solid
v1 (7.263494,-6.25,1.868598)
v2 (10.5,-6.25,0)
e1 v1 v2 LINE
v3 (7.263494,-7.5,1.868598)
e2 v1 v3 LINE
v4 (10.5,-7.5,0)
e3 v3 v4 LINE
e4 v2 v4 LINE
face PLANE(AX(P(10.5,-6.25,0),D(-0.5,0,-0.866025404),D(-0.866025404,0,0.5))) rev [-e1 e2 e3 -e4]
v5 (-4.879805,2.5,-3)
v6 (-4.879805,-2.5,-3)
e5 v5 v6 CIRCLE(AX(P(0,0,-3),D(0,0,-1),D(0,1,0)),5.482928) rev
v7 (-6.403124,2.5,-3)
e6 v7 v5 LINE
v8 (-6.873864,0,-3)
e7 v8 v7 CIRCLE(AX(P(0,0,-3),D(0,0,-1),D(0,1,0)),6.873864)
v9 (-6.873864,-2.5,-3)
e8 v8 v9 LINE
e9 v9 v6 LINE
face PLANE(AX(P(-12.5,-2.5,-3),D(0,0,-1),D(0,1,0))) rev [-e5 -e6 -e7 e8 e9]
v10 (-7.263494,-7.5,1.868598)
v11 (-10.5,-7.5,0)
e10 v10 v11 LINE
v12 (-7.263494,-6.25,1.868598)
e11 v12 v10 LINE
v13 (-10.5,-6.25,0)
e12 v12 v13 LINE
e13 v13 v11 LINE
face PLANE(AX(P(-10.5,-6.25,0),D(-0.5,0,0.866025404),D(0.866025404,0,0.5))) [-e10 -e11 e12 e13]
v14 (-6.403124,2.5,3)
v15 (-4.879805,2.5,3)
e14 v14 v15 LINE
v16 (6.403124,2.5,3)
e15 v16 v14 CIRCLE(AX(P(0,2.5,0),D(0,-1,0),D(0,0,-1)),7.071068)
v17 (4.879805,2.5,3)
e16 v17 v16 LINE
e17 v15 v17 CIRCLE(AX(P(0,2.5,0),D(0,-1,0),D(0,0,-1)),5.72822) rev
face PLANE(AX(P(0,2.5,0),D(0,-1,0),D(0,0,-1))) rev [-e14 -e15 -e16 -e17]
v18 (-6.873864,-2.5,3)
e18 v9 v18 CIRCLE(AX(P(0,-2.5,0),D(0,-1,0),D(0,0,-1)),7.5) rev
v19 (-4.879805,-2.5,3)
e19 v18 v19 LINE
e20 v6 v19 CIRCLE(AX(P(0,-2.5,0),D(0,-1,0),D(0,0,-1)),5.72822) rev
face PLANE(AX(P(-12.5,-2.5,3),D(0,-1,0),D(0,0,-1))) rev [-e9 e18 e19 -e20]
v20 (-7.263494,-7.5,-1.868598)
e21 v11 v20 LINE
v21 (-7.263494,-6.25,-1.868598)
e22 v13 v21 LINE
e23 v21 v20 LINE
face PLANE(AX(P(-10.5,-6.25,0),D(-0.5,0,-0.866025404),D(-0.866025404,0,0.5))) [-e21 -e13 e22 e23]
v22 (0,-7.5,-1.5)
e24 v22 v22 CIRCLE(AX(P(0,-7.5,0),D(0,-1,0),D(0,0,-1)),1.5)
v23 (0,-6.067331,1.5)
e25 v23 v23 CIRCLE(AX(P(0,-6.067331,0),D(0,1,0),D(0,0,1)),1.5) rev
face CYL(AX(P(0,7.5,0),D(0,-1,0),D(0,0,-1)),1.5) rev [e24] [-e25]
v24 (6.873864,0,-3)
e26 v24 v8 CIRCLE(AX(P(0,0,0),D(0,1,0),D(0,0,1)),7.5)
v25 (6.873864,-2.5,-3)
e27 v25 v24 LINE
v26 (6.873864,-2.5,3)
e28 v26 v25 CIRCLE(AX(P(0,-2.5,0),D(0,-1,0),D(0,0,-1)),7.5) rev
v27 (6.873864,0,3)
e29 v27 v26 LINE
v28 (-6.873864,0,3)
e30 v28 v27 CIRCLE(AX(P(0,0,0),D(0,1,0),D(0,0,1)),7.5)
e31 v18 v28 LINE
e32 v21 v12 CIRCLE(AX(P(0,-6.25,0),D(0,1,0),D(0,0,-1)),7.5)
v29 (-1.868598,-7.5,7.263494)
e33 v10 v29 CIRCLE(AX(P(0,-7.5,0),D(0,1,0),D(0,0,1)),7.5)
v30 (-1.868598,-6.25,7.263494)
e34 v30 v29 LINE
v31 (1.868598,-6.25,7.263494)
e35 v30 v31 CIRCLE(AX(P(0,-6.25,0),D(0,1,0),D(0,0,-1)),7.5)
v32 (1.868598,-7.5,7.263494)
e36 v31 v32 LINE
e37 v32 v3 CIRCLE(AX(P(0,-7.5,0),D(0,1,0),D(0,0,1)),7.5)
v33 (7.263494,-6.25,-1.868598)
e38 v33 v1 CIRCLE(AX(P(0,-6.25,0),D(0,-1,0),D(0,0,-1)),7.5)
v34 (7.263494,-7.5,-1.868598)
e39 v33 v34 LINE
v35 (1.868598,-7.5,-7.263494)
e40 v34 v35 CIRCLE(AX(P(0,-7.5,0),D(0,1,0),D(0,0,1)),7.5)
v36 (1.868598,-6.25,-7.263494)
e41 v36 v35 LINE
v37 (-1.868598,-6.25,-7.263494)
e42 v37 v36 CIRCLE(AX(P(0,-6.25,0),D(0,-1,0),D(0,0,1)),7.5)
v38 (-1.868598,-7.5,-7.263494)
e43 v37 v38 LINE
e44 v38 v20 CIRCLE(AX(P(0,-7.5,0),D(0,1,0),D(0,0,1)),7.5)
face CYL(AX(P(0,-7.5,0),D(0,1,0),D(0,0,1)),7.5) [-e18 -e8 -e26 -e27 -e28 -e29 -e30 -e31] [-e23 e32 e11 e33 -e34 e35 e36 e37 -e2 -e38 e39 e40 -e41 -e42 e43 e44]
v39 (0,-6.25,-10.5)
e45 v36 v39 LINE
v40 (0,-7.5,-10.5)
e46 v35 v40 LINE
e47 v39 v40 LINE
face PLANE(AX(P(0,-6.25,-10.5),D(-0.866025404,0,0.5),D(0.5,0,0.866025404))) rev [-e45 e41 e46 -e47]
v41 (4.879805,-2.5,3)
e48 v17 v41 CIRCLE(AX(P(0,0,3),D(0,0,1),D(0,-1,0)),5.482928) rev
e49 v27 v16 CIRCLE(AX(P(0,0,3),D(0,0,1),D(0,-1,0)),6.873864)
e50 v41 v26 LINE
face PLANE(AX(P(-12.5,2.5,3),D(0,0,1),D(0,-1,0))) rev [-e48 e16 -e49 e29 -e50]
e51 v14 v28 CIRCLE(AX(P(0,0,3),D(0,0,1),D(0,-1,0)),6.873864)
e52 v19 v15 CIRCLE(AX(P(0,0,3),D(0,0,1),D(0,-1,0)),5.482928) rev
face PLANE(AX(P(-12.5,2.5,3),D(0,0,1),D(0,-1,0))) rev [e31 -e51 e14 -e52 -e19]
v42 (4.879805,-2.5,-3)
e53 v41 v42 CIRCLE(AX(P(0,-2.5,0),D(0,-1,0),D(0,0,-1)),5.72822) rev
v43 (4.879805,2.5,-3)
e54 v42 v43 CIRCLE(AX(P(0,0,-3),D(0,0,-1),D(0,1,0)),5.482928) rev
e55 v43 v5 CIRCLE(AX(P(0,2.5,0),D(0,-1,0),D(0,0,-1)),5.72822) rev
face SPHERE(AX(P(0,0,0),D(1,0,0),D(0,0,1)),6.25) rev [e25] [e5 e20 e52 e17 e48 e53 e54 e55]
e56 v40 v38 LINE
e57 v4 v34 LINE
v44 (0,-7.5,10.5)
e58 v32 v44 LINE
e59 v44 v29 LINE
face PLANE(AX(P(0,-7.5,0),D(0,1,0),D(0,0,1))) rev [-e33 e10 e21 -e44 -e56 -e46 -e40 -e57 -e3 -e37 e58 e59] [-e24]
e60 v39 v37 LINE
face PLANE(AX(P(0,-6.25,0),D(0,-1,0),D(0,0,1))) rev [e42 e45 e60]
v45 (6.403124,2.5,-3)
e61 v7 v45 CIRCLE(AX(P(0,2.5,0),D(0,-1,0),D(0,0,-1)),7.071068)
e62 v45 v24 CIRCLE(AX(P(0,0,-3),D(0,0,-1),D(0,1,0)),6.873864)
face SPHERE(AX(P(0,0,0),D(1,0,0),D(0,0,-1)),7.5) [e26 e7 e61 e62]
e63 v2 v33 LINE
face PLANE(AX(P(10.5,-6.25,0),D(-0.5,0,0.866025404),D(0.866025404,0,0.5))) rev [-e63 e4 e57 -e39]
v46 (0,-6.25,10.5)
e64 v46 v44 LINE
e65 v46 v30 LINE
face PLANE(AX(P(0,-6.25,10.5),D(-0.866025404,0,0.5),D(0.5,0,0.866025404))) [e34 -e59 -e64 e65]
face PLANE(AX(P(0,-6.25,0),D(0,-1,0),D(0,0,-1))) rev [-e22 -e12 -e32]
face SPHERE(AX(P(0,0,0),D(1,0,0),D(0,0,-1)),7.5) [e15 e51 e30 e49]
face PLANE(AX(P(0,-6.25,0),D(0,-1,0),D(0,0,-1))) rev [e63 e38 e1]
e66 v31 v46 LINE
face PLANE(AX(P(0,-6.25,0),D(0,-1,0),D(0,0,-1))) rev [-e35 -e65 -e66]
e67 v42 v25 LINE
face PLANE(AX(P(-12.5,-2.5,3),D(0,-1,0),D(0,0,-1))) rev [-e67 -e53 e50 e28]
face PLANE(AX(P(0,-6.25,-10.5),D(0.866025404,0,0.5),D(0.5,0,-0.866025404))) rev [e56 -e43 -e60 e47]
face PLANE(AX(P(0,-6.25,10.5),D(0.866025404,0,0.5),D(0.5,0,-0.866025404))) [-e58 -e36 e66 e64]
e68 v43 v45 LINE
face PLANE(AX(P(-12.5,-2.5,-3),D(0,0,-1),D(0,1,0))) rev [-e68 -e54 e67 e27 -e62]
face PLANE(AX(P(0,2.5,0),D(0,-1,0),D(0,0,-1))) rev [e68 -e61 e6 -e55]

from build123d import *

# Parameters (mm, degrees)
SKETCH9_R           = 7.5
BOSS_EXTRUDE2_DEPTH = 7.5
SKETCH10_W          = 17.888516884
SKETCH10_H          = 18.524036688
CUT_EXTRUDE2_DEPTH  = 20
SKETCH15_W          = 6
SKETCH15_H          = 5
CUT_EXTRUDE3_DEPTH  = 20
BOSS_EXTRUDE4_DEPTH = 1.25
SKETCH24_R          = 1.5
CUT_EXTRUDE4_DEPTH  = 15
BOSS_EXTRUDE5_DEPTH = 1.25


with BuildPart() as part:
    # Sketch7 → Revolve1 (revolve)
    with BuildSketch(Plane(origin=(0, 0, 0), x_dir=(1, 0, 0), z_dir=(0, 1, 0))):
        with BuildLine():
            Line((7.5, 0), (6.25, 0))
            ThreePointArc((6.25, 0), (0, -6.25), (-6.25, 0))
            Line((-6.25, 0), (-7.5, 0))
            ThreePointArc((-7.5, 0), (0, -7.5), (7.5, 0))
        make_face()
    revolve(axis=Axis((-6.25, 0, 0), (-1, 0, 0)))

    # Sketch10 → Cut-Extrude2 (cut)
    with BuildSketch(Plane(origin=(0, 2.5, 0), x_dir=(-1, 0, 0), z_dir=(0, -1, 0))):
        with Locations((-0.350209641, -0.603260139)):
            Rectangle(SKETCH10_W, SKETCH10_H)
    extrude(amount=-CUT_EXTRUDE2_DEPTH, mode=Mode.SUBTRACT)


with BuildPart() as body_2:
    # Sketch9 → Boss-Extrude2 (new body)
    with BuildSketch(Plane(origin=(0, 0, 0), x_dir=(1, 0, 0), z_dir=(0, 1, 0))):
        with Locations(Location((0, 0, 0), (0, 0, 270))):
            Circle(SKETCH9_R)
    extrude(amount=-BOSS_EXTRUDE2_DEPTH)

    # Sketch12 → Cut-Revolve4 (revolve, cut)
    with BuildSketch(Plane(origin=(0, 0, 0), x_dir=(1, 0, 0), z_dir=(0, 1, 0))):
        with BuildLine():
            Line((-6.75, 0), (6.75, 0))
            ThreePointArc((6.75, 0), (0, 6.75), (-6.75, 0))
        make_face()
    revolve(axis=Axis((-8.960272056, 0, 0), (1, 0, 0)), mode=Mode.SUBTRACT)


with BuildPart() as cut_extrude3_tool:
    # Sketch15 → Cut-Extrude3 (new body)
    with BuildSketch(Plane(origin=(7.5, 0, 0), x_dir=(0, 0, -1), z_dir=(1, 0, 0))):
        Rectangle(SKETCH15_W, SKETCH15_H)
    extrude(amount=-CUT_EXTRUDE3_DEPTH)


with BuildPart() as part_1:
    add(part.part)

    # Cut-Extrude3: cut by cut_extrude3_tool
    add(cut_extrude3_tool.part, mode=Mode.SUBTRACT)


with BuildPart() as body_2_1:
    add(body_2.part)

    # Cut-Extrude3: cut by cut_extrude3_tool
    add(cut_extrude3_tool.part, mode=Mode.SUBTRACT)

    # Sketch23 → Boss-Extrude4 (add)
    with BuildSketch(Plane.XZ.offset(7.5)):
        with BuildLine():
            Line((-10.5, 0), (-7.263493829, -1.868597709))
            ThreePointArc((-7.263493829, -1.868597709), (-7.5, 0), (-7.263493829, 1.868597709))
            Line((-7.263493829, 1.868597709), (-10.5, 0))
        make_face()
    boss_extrude4 = extrude(amount=-BOSS_EXTRUDE4_DEPTH)

    # Mirror1: Boss-Extrude4 across plane
    add(boss_extrude4.mirror(Plane(origin=(0, 0, 0), x_dir=(0, 0, 1), z_dir=(1, 0, 0))))


with BuildPart() as cut_extrude4_tool:
    # Sketch24 → Cut-Extrude4 (new body)
    with BuildSketch(Plane.XZ.offset(7.5)):
        with Locations(Location((0, 0, 0), (0, 0, 90))):
            Circle(SKETCH24_R)
    extrude(amount=-CUT_EXTRUDE4_DEPTH)


with BuildPart() as part_2:
    add(part_1.part)

    # Cut-Extrude4: cut by cut_extrude4_tool
    add(cut_extrude4_tool.part, mode=Mode.SUBTRACT)



with BuildPart() as body_2_2:
    add(body_2_1.part)

    # Cut-Extrude4: cut by cut_extrude4_tool
    add(cut_extrude4_tool.part, mode=Mode.SUBTRACT)


with BuildPart() as part_3:
    add(part_2.part)

    add(body_2_2.part)  # Boss-Extrude5 merges body 2
    # Sketch25 → Boss-Extrude5 (add)
    with BuildSketch(Plane.XZ.offset(7.5)):
        with BuildLine():
            Line((0, 10.5), (1.868597709, 7.263493829))
            ThreePointArc((1.868597709, 7.263493829), (0, 7.5), (-1.868597709, 7.263493829))
            Line((-1.868597709, 7.263493829), (0, 10.5))
        make_face()
    boss_extrude5 = extrude(amount=-BOSS_EXTRUDE5_DEPTH)

    # Mirror2: Boss-Extrude5 across plane
    add(boss_extrude5.mirror(Plane.XY))


solid = part_3.part
